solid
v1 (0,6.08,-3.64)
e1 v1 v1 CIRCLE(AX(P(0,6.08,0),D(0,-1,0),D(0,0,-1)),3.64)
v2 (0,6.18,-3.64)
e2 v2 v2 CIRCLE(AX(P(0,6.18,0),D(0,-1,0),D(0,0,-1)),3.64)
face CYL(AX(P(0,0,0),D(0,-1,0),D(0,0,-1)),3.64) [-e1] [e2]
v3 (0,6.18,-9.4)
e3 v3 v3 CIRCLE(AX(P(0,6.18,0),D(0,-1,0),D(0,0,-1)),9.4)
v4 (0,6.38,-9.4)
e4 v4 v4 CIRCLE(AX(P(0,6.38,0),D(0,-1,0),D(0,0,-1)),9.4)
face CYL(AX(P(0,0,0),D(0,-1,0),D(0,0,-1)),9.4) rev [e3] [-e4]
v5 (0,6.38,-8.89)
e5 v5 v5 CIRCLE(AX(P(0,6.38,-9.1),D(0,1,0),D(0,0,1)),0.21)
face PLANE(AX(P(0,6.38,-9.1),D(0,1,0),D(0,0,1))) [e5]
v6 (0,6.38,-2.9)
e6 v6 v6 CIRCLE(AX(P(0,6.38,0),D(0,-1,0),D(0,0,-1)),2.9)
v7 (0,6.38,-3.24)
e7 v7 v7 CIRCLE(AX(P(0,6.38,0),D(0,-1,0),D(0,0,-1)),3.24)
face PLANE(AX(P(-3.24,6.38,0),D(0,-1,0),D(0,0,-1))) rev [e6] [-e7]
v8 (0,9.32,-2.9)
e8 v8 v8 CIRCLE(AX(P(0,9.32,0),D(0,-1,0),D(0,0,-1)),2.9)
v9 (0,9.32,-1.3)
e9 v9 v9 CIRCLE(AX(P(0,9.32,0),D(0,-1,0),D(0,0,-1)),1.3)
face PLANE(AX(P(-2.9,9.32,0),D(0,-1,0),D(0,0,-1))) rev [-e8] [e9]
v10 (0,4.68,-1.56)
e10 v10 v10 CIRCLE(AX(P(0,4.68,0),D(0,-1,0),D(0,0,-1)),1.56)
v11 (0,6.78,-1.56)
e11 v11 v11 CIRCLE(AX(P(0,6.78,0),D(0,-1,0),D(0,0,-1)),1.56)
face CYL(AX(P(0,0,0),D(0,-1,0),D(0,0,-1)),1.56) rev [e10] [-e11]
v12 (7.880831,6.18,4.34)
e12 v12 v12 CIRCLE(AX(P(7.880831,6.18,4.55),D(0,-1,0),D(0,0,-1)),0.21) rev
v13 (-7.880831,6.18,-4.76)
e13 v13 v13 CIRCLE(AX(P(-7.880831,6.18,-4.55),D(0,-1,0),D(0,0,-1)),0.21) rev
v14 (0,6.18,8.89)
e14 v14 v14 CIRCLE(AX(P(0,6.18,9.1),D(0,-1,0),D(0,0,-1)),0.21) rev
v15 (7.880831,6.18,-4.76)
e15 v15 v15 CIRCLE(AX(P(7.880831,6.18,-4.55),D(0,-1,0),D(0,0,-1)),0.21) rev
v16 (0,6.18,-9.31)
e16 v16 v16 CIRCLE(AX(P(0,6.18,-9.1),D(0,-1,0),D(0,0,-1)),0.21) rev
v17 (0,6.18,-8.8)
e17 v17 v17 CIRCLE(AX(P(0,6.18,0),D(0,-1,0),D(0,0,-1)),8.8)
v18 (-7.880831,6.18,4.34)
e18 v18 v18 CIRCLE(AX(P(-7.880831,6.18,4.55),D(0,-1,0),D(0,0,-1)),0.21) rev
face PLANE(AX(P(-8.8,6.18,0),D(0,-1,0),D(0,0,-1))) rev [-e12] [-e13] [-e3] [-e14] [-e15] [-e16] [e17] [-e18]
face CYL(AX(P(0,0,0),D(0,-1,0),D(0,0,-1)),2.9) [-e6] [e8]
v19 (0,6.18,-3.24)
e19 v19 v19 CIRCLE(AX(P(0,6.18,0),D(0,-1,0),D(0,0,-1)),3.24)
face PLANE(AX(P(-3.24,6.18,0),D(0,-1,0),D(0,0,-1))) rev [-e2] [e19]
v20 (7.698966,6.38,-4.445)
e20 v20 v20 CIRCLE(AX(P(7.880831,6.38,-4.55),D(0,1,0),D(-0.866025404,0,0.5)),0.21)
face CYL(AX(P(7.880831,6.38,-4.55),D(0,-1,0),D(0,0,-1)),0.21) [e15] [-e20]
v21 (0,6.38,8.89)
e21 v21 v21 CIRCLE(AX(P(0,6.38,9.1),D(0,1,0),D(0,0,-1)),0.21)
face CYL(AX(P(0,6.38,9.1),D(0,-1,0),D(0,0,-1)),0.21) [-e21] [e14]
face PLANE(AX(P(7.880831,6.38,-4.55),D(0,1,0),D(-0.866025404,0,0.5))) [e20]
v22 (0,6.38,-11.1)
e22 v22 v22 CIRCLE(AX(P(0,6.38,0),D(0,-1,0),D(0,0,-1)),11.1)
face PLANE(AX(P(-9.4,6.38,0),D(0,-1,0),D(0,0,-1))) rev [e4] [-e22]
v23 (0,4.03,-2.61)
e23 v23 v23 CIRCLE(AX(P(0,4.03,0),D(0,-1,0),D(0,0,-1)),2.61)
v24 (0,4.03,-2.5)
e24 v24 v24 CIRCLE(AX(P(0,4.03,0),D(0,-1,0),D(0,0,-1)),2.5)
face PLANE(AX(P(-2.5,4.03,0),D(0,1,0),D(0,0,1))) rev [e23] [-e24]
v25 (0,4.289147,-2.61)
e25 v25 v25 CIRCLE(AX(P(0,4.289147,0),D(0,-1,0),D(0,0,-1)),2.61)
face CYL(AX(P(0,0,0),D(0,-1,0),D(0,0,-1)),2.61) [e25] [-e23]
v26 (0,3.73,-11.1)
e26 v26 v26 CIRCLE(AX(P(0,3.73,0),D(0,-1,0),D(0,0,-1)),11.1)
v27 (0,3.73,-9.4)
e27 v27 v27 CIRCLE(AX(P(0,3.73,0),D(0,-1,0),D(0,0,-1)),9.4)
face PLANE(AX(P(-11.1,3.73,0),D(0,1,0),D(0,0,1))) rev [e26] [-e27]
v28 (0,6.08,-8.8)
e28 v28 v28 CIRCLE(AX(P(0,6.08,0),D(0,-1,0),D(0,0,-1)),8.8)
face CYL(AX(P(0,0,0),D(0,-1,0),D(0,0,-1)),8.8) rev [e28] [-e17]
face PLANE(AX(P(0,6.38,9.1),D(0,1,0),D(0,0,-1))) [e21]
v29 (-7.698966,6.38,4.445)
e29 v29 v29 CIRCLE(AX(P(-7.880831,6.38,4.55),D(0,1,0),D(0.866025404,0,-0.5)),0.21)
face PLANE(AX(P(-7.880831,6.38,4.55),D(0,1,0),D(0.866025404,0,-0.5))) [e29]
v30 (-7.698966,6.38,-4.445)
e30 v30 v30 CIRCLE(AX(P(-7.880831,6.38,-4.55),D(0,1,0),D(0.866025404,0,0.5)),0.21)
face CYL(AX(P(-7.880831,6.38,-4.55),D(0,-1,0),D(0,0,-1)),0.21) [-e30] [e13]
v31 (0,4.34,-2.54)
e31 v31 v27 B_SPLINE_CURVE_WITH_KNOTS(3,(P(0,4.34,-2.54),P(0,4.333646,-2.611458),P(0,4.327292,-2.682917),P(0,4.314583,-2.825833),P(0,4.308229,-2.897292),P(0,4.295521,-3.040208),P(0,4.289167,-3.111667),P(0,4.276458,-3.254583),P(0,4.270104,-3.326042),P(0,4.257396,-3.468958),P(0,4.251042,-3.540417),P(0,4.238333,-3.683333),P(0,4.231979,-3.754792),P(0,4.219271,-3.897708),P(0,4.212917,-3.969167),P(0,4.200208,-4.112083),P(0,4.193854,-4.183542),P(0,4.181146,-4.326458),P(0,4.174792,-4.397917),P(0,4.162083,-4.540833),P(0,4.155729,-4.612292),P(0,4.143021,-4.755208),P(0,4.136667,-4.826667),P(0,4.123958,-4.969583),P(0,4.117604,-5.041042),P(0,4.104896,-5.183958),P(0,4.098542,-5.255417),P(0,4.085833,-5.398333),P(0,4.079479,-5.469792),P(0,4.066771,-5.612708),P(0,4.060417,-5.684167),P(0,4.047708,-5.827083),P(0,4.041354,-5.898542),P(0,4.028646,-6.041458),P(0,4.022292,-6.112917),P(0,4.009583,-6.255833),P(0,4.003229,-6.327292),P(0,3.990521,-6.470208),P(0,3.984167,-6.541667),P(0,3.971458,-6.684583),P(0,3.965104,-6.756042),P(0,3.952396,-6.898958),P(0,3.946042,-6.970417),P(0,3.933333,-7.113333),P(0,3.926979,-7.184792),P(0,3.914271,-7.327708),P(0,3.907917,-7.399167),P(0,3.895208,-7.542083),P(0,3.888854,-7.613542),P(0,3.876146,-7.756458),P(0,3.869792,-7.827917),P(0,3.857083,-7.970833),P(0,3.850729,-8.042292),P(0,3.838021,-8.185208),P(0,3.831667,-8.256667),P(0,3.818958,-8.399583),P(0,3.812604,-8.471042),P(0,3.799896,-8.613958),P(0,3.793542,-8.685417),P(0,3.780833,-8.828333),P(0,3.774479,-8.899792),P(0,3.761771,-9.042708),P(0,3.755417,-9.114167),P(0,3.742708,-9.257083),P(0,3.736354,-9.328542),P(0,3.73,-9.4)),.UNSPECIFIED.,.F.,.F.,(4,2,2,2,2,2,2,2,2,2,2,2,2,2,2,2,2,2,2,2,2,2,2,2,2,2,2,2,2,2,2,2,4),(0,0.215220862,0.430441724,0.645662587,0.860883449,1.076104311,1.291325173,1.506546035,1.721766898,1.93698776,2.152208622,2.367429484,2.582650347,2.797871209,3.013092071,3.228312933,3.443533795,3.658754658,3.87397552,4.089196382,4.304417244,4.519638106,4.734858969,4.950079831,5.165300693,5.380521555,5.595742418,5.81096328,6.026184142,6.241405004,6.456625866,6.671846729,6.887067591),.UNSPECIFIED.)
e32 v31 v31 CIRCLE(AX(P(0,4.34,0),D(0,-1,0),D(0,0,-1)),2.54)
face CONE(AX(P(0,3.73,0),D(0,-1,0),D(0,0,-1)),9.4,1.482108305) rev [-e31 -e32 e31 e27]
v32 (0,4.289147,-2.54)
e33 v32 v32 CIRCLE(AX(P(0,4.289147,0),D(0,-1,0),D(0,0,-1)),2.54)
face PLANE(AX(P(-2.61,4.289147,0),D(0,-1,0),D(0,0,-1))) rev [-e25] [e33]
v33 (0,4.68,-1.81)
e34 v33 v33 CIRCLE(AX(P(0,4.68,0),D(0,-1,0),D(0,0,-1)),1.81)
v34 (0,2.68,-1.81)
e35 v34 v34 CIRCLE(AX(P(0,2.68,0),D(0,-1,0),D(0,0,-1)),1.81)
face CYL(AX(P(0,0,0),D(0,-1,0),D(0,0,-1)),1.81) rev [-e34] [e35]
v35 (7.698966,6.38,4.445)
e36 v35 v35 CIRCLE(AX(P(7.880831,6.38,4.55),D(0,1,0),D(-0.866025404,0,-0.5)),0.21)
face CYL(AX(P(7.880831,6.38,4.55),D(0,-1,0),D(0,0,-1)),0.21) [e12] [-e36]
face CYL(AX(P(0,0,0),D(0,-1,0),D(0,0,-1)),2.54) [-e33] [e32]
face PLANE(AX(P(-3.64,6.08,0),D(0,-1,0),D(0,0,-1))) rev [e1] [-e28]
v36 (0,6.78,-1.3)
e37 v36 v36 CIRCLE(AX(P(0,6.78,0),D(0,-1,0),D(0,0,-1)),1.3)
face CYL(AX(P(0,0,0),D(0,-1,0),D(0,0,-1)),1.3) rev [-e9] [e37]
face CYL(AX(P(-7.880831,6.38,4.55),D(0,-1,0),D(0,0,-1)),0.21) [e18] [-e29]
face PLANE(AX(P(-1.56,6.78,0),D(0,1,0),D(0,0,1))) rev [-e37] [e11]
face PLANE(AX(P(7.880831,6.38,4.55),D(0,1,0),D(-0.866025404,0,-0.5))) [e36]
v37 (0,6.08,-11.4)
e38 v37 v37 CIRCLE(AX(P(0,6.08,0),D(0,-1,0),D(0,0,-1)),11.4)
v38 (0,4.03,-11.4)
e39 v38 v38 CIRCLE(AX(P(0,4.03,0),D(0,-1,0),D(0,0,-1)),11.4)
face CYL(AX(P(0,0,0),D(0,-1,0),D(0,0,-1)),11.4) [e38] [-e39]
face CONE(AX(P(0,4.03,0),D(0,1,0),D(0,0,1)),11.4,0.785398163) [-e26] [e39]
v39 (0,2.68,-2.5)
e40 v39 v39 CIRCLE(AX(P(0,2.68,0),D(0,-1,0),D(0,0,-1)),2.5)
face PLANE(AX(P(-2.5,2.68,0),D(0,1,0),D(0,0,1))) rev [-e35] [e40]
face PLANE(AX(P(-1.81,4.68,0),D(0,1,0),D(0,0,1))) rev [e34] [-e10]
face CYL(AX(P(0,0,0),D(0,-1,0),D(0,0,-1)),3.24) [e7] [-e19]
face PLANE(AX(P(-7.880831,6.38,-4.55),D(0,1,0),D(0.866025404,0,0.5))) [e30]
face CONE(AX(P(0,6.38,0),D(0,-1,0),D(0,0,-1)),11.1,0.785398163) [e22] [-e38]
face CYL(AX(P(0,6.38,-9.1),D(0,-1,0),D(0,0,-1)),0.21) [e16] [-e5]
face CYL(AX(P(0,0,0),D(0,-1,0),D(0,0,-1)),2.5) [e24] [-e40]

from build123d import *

# Parameters (mm, degrees)
SKETCH3_R           = 0.21
BOSS_EXTRUDE1_DEPTH = 0.2
CIRPATTERN1_COUNT   = 6


with BuildPart() as part:
    # Sketch2 → Revolve1 (revolve)
    with BuildSketch(Plane.XY, mode=Mode.PRIVATE) as revolve1_sk:
        Polygon((-1.81, 2.68), (-1.81, 4.68), (-1.56, 4.68), (-1.56, 6.78), (-1.3, 6.78), (-1.3, 9.32), (-2.9, 9.32), (-2.9, 6.38), (-3.24, 6.38), (-3.24, 6.18), (-3.64, 6.18), (-3.64, 6.08), (-8.8, 6.08), (-8.8, 6.18), (-9.4, 6.18), (-9.4, 6.38), (-11.1, 6.38), (-11.4, 6.08), (-11.4, 4.03), (-11.1, 3.73), (-9.4, 3.73), (-2.54, 4.34), (-2.54, 4.289146726), (-2.61, 4.289146726), (-2.61, 4.03), (-2.5, 4.03), (-2.5, 2.68), align=None)
    revolve(revolve1_sk.sketch.rotate(Axis((0, 0, 0), (0, 1, 0)), 270), axis=Axis((0, 0, 0), (0, 1, 0)))

    # Sketch3 → Boss-Extrude1 (add)
    with BuildSketch(Plane(origin=(0, 6.18, 0), x_dir=(1, 0, 0), z_dir=(0, 1, 0))):
        with Locations(Location((0, 9.1, 0), (0, 0, 90))):
            Circle(SKETCH3_R)
    boss_extrude1 = extrude(amount=BOSS_EXTRUDE1_DEPTH)

    # CirPattern1: Boss-Extrude1 ×6 about axis
    cirpattern1_axis = Axis((0, 0, 0), (0, 1, 0))
    for i in range(1, CIRPATTERN1_COUNT):
        add(boss_extrude1.rotate(cirpattern1_axis, i * 360 / CIRPATTERN1_COUNT))


solid = part.part
